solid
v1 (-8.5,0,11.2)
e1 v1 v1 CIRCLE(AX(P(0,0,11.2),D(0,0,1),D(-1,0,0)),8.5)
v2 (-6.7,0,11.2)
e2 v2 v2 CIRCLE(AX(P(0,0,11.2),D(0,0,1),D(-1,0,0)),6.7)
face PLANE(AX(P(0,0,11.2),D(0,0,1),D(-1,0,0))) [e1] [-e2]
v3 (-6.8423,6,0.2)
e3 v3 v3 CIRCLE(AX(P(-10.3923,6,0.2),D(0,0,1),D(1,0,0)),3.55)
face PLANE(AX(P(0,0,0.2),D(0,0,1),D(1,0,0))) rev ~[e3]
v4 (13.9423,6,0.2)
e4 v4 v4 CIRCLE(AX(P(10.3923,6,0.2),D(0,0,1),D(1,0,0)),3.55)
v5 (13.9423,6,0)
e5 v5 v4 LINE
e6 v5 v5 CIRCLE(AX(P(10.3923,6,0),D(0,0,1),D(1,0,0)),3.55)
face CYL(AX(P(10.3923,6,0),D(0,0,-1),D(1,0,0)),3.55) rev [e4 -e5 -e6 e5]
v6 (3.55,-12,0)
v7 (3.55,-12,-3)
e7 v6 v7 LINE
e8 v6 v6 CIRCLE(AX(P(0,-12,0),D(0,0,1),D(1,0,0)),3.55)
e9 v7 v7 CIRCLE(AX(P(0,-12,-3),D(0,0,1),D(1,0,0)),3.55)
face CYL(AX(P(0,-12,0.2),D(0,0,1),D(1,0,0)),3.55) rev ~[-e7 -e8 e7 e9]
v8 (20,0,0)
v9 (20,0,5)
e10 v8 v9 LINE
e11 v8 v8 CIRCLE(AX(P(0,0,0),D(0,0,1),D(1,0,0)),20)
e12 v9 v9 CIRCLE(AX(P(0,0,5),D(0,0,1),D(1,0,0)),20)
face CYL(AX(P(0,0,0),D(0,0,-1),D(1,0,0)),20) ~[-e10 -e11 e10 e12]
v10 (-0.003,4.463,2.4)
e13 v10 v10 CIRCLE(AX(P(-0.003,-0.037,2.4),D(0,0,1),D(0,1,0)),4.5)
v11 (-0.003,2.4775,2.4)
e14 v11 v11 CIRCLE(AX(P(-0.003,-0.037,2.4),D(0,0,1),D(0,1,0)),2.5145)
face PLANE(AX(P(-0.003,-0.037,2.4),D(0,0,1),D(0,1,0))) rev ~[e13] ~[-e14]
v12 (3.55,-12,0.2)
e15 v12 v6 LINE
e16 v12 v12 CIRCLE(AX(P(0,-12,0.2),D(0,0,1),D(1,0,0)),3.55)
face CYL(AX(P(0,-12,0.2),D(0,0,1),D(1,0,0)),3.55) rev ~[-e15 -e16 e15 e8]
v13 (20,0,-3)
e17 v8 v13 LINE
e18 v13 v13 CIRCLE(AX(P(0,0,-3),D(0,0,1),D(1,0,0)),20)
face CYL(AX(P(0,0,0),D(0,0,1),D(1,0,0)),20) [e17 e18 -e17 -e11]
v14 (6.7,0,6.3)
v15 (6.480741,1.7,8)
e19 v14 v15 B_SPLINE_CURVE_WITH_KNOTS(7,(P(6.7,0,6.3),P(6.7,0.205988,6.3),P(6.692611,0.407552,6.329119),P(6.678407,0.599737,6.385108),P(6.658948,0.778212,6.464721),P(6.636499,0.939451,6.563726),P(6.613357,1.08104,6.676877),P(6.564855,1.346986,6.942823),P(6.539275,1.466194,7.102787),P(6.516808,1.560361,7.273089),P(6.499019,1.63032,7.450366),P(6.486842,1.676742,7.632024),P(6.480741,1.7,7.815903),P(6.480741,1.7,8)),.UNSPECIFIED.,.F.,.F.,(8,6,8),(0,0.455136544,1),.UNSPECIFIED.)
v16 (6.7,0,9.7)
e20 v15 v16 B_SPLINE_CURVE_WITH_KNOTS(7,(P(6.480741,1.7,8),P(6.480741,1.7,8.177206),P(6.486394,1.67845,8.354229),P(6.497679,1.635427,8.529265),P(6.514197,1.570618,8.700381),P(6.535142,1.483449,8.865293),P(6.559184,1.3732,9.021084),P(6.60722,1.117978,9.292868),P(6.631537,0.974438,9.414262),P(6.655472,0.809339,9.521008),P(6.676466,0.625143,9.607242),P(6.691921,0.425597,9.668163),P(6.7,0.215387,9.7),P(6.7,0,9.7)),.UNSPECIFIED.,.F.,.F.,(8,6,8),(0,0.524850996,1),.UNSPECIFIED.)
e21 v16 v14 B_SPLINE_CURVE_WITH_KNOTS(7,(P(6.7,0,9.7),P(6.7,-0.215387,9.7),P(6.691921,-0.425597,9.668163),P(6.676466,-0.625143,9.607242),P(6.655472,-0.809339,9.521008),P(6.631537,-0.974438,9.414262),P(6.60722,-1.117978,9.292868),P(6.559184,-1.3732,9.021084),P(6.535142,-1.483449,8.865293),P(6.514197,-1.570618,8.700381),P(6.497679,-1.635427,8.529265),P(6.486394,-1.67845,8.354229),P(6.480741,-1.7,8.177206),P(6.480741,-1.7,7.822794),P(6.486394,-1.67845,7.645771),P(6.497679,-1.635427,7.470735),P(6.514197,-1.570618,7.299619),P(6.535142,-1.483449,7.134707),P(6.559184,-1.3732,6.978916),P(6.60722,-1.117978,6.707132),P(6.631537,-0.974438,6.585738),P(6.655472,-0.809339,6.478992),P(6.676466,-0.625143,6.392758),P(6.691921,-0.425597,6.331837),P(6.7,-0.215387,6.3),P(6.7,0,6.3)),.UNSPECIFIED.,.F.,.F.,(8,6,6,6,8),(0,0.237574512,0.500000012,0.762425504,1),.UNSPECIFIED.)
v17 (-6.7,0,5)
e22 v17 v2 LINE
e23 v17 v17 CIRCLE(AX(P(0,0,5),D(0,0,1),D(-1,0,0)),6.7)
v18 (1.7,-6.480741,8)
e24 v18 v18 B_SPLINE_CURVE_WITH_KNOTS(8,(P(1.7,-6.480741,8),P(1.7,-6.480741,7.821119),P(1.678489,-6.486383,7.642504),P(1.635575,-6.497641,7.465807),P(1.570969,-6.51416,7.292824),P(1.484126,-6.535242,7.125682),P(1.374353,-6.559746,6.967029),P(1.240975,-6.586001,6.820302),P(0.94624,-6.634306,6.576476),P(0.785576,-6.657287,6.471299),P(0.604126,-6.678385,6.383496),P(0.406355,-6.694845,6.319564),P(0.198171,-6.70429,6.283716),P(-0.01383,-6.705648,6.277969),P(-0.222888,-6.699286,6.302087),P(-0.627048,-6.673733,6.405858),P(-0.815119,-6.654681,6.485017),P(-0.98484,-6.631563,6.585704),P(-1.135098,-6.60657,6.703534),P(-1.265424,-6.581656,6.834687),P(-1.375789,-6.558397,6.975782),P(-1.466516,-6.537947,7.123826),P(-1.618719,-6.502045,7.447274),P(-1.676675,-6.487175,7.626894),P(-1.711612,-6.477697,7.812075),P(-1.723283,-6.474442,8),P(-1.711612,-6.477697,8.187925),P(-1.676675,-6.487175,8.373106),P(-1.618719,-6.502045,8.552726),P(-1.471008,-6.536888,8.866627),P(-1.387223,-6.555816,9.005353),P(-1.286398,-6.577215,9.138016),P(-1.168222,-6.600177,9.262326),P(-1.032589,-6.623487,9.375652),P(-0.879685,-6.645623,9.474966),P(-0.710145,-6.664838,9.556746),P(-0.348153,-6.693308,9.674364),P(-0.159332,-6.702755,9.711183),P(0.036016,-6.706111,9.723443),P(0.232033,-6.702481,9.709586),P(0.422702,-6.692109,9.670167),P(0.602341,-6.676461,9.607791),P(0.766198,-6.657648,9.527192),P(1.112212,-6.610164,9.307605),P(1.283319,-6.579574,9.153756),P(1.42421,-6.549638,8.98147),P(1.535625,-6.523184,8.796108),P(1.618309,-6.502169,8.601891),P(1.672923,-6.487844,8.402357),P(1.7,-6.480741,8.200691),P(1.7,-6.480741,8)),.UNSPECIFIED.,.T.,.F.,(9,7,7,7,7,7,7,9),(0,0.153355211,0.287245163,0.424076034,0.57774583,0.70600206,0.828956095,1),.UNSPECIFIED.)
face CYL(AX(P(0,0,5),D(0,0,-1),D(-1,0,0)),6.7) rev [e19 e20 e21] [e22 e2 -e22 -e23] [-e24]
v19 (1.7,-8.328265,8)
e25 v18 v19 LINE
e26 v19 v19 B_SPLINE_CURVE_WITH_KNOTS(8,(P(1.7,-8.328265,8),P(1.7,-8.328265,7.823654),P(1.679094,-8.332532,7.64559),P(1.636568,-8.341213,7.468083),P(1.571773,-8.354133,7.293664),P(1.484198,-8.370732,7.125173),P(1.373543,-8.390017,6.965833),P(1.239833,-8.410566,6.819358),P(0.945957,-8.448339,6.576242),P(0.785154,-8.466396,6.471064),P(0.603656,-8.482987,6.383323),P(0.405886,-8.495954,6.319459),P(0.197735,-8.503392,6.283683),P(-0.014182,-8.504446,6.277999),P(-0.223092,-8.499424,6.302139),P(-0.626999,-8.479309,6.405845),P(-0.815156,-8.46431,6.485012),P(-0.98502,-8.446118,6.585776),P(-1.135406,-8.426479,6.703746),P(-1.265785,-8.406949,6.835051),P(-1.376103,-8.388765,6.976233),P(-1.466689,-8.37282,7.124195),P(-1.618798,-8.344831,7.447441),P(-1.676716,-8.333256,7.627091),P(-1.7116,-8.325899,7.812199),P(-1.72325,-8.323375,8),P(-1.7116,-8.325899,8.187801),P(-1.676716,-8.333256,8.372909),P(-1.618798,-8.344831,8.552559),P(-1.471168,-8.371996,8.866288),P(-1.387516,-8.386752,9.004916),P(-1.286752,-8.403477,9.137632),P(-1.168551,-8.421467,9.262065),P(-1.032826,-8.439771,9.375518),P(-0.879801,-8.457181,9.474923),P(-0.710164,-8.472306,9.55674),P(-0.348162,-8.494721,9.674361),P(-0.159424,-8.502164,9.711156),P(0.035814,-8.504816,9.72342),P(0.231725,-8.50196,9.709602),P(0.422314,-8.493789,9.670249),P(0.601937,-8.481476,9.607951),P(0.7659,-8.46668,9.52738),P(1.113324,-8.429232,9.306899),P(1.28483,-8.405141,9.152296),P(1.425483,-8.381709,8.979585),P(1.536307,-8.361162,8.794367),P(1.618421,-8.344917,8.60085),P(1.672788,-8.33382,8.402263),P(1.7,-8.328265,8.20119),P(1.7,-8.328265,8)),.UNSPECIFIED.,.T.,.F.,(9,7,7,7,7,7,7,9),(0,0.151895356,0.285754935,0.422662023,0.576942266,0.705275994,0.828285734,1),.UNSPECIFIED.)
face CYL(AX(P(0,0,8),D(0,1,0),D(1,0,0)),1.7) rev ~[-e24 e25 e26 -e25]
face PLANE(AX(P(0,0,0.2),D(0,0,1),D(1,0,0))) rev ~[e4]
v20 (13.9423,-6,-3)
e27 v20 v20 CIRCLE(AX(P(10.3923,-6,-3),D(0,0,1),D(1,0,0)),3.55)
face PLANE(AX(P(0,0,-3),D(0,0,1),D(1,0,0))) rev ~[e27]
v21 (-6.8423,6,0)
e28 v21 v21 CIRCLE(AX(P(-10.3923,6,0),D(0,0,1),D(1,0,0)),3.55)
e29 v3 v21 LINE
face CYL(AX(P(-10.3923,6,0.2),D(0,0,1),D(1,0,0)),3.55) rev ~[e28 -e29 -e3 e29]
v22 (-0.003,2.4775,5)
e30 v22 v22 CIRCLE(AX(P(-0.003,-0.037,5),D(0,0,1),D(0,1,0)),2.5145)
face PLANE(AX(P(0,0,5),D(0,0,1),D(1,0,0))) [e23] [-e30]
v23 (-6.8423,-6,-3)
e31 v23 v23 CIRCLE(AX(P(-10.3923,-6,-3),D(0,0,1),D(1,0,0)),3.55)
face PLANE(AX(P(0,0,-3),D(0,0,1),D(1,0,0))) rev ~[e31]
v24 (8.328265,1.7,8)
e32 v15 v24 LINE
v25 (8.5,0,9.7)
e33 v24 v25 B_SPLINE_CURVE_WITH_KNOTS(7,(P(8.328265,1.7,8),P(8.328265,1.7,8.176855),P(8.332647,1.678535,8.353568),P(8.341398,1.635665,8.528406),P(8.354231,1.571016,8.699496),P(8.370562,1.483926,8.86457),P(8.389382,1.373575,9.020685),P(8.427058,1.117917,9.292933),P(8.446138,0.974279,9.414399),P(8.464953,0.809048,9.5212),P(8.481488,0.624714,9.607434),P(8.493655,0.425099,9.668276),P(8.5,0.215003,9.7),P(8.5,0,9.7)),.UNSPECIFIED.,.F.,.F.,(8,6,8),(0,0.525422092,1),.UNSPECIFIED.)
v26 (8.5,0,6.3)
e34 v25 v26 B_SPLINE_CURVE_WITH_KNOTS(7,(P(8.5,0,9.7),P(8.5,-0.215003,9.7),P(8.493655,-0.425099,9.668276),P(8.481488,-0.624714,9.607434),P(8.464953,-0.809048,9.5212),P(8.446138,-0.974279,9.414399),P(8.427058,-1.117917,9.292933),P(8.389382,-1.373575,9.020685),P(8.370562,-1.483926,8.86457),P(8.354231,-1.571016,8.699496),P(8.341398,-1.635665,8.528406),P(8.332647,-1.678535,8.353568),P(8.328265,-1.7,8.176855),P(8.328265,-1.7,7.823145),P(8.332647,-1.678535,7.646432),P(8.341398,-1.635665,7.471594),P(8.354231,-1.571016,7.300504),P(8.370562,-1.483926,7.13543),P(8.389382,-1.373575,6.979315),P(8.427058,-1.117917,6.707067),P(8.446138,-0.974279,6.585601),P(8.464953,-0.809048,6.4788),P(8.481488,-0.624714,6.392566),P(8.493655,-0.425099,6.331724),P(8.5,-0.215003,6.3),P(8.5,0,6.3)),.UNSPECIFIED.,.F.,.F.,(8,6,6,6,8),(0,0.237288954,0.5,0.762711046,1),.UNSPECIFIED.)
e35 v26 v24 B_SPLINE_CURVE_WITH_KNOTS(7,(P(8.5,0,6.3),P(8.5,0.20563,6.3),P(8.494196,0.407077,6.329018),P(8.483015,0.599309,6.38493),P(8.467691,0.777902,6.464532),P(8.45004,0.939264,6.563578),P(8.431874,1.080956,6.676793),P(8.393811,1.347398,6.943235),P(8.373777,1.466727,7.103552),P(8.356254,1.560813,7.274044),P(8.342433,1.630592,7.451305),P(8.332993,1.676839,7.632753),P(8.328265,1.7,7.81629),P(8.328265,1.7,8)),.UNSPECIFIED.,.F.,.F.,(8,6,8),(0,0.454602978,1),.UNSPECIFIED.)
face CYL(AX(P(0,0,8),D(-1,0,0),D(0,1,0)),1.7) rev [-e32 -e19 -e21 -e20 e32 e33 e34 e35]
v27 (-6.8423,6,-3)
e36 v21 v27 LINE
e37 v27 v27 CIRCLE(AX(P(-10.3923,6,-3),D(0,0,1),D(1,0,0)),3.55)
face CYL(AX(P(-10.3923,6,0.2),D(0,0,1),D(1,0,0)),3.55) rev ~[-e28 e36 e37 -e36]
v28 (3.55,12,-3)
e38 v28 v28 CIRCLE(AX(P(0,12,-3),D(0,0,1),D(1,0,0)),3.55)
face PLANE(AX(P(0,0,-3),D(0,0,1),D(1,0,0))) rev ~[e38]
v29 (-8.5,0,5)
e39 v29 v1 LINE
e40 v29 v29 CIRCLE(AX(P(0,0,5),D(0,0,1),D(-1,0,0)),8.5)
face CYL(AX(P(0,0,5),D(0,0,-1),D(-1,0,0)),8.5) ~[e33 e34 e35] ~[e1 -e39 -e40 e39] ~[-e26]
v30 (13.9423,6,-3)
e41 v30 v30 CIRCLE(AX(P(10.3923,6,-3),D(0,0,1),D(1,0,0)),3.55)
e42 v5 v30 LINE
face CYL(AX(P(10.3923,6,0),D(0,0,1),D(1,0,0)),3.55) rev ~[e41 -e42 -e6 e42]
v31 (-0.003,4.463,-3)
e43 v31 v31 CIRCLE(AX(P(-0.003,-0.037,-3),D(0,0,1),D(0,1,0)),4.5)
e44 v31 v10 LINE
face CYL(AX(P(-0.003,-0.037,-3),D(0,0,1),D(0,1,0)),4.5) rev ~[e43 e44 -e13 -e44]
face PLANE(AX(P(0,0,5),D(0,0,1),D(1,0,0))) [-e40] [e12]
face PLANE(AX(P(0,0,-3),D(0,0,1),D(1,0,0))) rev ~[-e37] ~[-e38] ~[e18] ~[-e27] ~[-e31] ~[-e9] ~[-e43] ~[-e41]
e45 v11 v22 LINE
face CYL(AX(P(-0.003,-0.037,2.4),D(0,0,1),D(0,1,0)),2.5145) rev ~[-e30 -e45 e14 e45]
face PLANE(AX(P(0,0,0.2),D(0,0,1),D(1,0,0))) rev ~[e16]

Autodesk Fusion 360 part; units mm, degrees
sketch "Sketch1" plane through (0, 0, 0) normal (0, 0, 1) x (1, 0, 0)
  circle A0 centre (0, 0) radius 20
  circle A1 centre (0, -12) radius 3.55
  circle A2 centre (0, 12) radius 3.55
  circle A3 centre (10.3923, -6) radius 3.55
  circle A4 centre (-10.3923, 6) radius 3.55
  circle A5 centre (-10.3923, -6) radius 3.55
  circle A6 centre (0, 0) radius 2.1
  line L0 (0, 0) -> (0, 12) construction
  line L1 (0, 0) -> (10.3923, -6) construction
  line L2 (0, 0) -> (10.3923, 6) construction
  circle A7 centre (10.3923, 6) radius 3.55
  dimension "d1" = 40
  dimension "d2" = 7.1
  dimension "d3" = 7.1
  dimension "d6" = 7.1
  dimension "d12" = 12
  dimension "d15" = 12
  dimension "d16" = 7.1
  dimension "d17" = 12
  dimension "d19" = 7.1
  dimension "d23" = 12
  dimension "d25" = 4.2
  dimension "d34" = 60
  dimension "d37" = 60
  dimension "d38" = 60
  dimension "d39" = 60
  dimension "d49" = 12
  dimension "d50" = 7.1
  dimension "d51" = 60
  dimension "d52" = 60
  dimension "d85" = 12
sketch "Sketch2" plane through (0, 0, 0) normal (0, 0, 1) x (1, 0, 0)
  circle A0 centre (0, 0) radius 20
  line L0 (0, 0) -> (0, -9) construction
  line L1 (0, 0) -> (0, 9) construction
  line L2 (20, -0.0372) -> (-20, -0.0372) construction
  line L3 (-14, -0.0372) -> (-20, -0.0372) construction
  dimension "d26" = 40
  dimension "d40" = 6
extrude "Extrude1" add sketch "Sketch2" along normal blind 5 and the other way blind 3
sketch "Sketch3" plane through (0, 0, 0) normal (0, 0, 1) x (1, 0, 0)
hole "Hole1" at (-0.003, -0.037, -3) direction (0, 0, 1) diameter 5.029 depth 14 tip angle 180 counterbore diameter 9 counterbore depth 5.4
thread "Thread1" "ISO Metric profile 5.5 M5.5x0.5 6H"
extrude "Extrude2" cut sketch "Sketch1" along normal blind -3 and the other way blind -0.2 contours A1 | A2 | A3 | A4 | A5
extrude "Extrude4" cut sketch "Sketch1" along normal blind 0.2 and the other way blind 3 contours A7
sketch "Sketch4" plane through (0, 0, 5) normal (0, 0, 1) x (-1, 0, 0)
  circle A0 centre (0.003, 0.037) radius 2.5143
  circle A1 centre (0, 0) radius 20
  circle A2 centre (0, 0) radius 6.5
  circle A3 centre (0, 0) radius 3
  dimension "d57" = 13
  dimension "d58" = 6
sketch "Sketch5" plane through (0, 0, 5) normal (0, 0, 1) x (-1, 0, 0)
  circle A0 centre (0, 0) radius 20
  circle A1 centre (0, 0) radius 8.5
  circle A2 centre (0, 0) radius 6.7
  circle A3 centre (0.003, 0.037) radius 2.5143
  dimension "d61" = 17
  dimension "d62" = 13.4
extrude "Extrude6" add sketch "Sketch5" along normal blind 6.2 contours A1
sketch "Sketch6" plane through (0, 0, 5) normal (0, 0, 1) x (-1, 0, 0)
  circle A0 centre (0, 0) radius 20
  circle A1 centre (0, 0) radius 8.5
  circle A2 centre (0, 0) radius 6.5
  dimension "d65" = 13
sketch "Sketch7" plane through (0, 0, 0) normal (1, 0, 0) x (0, 1, 0)
sketch "Sketch8" plane through (0, 0, 11.2) normal (0, 0, 1) x (-1, 0, 0)
  circle A0 centre (0, 0) radius 6.7
  circle A1 centre (0, 0) radius 8.5
sketch "Sketch9" plane through (0, 0, 11.2) normal (0, 0, 1) x (-1, 0, 0)
  line L0 (0, -8.4831) -> (0, 8.4366) construction
  line L1 (8.5, -0.0044) -> (-8.5, -0.0044) construction
  circle A0 centre (0, 0) radius 8.5 construction
  arc A1 (0, -8.4831) -> (6.3875, -5.608) centre (0.0534, -0.0686) ccw
extrude "Extrude3" cut sketch "Sketch1" along normal blind 3.2 contours A1 | A2 | A3 | A4 | A5 | A7
sketch "Sketch10" plane through (0, 0, 0) normal (1, 0, 0) x (0, 1, 0)
  circle A0 centre (0.01, 9) radius 1.5
  line L0 (0, 1.9) -> (0, 14.3)
  circle A1 centre (0.01, 9) radius 1.25
  dimension "d66" = 3
  dimension "d67" = 0.01
  dimension "d68" = 2.5
sketch "Sketch11" plane through (0, 0, 0) normal (0, 1, 0) x (1, 0, 0)
  line L0 (0, -5) -> (0, -11) construction
  line L1 (0, -5) -> (0, -11) construction
  line L2 (0, -5) -> (0, -8) construction
  circle A0 centre (0, -8) radius 1.25
  circle A1 centre (0, -8) radius 1.7
  dimension "d69" = 3
  dimension "d70" = 2.5
  dimension "d86" = 3.4
extrude "Extrude7" cut sketch "Sketch11" against normal blind 19 contours A0
sketch "Sketch12" plane through (0, 0, 0) normal (1, 0, 0) x (0, 1, 0)
  line L0 (0, 5) -> (0, 11)
  line L1 (0, 11) -> (0, 8)
  circle A0 centre (0, 8) radius 1.25
  circle A1 centre (0, 8) radius 1.7
  dimension "d73" = 3
  dimension "d74" = 2.5
  dimension "d89" = 3.4
extrude "Extrude8" cut sketch "Sketch12" along normal blind 18 contours L0 L1 A0 | L0 L1 A0
extrude "Extrude9" cut sketch "Sketch11" against normal blind 11
extrude "Extrude10" cut sketch "Sketch12" along normal blind 15 contours L0 L1 A0 A1 | L0 L1 A0 A1
extrude "Extrude11" add 3 faces at (-10.4048, -6.9337, 3.2) (-0.8737, 12.0232, 3.2) (9.1513, -4.7203, 3.2) along direction (0, 0, -1) blind 6.2
extrude "Extrude12" add 3 faces at (-0.8737, -11.9768, 3.2) (9.7613, 6.2168, 3.2) (-11.4191, 6.8816, 3.2) along direction (0, 0, -1) blind 3
thread "Thread3" [suppressed]
